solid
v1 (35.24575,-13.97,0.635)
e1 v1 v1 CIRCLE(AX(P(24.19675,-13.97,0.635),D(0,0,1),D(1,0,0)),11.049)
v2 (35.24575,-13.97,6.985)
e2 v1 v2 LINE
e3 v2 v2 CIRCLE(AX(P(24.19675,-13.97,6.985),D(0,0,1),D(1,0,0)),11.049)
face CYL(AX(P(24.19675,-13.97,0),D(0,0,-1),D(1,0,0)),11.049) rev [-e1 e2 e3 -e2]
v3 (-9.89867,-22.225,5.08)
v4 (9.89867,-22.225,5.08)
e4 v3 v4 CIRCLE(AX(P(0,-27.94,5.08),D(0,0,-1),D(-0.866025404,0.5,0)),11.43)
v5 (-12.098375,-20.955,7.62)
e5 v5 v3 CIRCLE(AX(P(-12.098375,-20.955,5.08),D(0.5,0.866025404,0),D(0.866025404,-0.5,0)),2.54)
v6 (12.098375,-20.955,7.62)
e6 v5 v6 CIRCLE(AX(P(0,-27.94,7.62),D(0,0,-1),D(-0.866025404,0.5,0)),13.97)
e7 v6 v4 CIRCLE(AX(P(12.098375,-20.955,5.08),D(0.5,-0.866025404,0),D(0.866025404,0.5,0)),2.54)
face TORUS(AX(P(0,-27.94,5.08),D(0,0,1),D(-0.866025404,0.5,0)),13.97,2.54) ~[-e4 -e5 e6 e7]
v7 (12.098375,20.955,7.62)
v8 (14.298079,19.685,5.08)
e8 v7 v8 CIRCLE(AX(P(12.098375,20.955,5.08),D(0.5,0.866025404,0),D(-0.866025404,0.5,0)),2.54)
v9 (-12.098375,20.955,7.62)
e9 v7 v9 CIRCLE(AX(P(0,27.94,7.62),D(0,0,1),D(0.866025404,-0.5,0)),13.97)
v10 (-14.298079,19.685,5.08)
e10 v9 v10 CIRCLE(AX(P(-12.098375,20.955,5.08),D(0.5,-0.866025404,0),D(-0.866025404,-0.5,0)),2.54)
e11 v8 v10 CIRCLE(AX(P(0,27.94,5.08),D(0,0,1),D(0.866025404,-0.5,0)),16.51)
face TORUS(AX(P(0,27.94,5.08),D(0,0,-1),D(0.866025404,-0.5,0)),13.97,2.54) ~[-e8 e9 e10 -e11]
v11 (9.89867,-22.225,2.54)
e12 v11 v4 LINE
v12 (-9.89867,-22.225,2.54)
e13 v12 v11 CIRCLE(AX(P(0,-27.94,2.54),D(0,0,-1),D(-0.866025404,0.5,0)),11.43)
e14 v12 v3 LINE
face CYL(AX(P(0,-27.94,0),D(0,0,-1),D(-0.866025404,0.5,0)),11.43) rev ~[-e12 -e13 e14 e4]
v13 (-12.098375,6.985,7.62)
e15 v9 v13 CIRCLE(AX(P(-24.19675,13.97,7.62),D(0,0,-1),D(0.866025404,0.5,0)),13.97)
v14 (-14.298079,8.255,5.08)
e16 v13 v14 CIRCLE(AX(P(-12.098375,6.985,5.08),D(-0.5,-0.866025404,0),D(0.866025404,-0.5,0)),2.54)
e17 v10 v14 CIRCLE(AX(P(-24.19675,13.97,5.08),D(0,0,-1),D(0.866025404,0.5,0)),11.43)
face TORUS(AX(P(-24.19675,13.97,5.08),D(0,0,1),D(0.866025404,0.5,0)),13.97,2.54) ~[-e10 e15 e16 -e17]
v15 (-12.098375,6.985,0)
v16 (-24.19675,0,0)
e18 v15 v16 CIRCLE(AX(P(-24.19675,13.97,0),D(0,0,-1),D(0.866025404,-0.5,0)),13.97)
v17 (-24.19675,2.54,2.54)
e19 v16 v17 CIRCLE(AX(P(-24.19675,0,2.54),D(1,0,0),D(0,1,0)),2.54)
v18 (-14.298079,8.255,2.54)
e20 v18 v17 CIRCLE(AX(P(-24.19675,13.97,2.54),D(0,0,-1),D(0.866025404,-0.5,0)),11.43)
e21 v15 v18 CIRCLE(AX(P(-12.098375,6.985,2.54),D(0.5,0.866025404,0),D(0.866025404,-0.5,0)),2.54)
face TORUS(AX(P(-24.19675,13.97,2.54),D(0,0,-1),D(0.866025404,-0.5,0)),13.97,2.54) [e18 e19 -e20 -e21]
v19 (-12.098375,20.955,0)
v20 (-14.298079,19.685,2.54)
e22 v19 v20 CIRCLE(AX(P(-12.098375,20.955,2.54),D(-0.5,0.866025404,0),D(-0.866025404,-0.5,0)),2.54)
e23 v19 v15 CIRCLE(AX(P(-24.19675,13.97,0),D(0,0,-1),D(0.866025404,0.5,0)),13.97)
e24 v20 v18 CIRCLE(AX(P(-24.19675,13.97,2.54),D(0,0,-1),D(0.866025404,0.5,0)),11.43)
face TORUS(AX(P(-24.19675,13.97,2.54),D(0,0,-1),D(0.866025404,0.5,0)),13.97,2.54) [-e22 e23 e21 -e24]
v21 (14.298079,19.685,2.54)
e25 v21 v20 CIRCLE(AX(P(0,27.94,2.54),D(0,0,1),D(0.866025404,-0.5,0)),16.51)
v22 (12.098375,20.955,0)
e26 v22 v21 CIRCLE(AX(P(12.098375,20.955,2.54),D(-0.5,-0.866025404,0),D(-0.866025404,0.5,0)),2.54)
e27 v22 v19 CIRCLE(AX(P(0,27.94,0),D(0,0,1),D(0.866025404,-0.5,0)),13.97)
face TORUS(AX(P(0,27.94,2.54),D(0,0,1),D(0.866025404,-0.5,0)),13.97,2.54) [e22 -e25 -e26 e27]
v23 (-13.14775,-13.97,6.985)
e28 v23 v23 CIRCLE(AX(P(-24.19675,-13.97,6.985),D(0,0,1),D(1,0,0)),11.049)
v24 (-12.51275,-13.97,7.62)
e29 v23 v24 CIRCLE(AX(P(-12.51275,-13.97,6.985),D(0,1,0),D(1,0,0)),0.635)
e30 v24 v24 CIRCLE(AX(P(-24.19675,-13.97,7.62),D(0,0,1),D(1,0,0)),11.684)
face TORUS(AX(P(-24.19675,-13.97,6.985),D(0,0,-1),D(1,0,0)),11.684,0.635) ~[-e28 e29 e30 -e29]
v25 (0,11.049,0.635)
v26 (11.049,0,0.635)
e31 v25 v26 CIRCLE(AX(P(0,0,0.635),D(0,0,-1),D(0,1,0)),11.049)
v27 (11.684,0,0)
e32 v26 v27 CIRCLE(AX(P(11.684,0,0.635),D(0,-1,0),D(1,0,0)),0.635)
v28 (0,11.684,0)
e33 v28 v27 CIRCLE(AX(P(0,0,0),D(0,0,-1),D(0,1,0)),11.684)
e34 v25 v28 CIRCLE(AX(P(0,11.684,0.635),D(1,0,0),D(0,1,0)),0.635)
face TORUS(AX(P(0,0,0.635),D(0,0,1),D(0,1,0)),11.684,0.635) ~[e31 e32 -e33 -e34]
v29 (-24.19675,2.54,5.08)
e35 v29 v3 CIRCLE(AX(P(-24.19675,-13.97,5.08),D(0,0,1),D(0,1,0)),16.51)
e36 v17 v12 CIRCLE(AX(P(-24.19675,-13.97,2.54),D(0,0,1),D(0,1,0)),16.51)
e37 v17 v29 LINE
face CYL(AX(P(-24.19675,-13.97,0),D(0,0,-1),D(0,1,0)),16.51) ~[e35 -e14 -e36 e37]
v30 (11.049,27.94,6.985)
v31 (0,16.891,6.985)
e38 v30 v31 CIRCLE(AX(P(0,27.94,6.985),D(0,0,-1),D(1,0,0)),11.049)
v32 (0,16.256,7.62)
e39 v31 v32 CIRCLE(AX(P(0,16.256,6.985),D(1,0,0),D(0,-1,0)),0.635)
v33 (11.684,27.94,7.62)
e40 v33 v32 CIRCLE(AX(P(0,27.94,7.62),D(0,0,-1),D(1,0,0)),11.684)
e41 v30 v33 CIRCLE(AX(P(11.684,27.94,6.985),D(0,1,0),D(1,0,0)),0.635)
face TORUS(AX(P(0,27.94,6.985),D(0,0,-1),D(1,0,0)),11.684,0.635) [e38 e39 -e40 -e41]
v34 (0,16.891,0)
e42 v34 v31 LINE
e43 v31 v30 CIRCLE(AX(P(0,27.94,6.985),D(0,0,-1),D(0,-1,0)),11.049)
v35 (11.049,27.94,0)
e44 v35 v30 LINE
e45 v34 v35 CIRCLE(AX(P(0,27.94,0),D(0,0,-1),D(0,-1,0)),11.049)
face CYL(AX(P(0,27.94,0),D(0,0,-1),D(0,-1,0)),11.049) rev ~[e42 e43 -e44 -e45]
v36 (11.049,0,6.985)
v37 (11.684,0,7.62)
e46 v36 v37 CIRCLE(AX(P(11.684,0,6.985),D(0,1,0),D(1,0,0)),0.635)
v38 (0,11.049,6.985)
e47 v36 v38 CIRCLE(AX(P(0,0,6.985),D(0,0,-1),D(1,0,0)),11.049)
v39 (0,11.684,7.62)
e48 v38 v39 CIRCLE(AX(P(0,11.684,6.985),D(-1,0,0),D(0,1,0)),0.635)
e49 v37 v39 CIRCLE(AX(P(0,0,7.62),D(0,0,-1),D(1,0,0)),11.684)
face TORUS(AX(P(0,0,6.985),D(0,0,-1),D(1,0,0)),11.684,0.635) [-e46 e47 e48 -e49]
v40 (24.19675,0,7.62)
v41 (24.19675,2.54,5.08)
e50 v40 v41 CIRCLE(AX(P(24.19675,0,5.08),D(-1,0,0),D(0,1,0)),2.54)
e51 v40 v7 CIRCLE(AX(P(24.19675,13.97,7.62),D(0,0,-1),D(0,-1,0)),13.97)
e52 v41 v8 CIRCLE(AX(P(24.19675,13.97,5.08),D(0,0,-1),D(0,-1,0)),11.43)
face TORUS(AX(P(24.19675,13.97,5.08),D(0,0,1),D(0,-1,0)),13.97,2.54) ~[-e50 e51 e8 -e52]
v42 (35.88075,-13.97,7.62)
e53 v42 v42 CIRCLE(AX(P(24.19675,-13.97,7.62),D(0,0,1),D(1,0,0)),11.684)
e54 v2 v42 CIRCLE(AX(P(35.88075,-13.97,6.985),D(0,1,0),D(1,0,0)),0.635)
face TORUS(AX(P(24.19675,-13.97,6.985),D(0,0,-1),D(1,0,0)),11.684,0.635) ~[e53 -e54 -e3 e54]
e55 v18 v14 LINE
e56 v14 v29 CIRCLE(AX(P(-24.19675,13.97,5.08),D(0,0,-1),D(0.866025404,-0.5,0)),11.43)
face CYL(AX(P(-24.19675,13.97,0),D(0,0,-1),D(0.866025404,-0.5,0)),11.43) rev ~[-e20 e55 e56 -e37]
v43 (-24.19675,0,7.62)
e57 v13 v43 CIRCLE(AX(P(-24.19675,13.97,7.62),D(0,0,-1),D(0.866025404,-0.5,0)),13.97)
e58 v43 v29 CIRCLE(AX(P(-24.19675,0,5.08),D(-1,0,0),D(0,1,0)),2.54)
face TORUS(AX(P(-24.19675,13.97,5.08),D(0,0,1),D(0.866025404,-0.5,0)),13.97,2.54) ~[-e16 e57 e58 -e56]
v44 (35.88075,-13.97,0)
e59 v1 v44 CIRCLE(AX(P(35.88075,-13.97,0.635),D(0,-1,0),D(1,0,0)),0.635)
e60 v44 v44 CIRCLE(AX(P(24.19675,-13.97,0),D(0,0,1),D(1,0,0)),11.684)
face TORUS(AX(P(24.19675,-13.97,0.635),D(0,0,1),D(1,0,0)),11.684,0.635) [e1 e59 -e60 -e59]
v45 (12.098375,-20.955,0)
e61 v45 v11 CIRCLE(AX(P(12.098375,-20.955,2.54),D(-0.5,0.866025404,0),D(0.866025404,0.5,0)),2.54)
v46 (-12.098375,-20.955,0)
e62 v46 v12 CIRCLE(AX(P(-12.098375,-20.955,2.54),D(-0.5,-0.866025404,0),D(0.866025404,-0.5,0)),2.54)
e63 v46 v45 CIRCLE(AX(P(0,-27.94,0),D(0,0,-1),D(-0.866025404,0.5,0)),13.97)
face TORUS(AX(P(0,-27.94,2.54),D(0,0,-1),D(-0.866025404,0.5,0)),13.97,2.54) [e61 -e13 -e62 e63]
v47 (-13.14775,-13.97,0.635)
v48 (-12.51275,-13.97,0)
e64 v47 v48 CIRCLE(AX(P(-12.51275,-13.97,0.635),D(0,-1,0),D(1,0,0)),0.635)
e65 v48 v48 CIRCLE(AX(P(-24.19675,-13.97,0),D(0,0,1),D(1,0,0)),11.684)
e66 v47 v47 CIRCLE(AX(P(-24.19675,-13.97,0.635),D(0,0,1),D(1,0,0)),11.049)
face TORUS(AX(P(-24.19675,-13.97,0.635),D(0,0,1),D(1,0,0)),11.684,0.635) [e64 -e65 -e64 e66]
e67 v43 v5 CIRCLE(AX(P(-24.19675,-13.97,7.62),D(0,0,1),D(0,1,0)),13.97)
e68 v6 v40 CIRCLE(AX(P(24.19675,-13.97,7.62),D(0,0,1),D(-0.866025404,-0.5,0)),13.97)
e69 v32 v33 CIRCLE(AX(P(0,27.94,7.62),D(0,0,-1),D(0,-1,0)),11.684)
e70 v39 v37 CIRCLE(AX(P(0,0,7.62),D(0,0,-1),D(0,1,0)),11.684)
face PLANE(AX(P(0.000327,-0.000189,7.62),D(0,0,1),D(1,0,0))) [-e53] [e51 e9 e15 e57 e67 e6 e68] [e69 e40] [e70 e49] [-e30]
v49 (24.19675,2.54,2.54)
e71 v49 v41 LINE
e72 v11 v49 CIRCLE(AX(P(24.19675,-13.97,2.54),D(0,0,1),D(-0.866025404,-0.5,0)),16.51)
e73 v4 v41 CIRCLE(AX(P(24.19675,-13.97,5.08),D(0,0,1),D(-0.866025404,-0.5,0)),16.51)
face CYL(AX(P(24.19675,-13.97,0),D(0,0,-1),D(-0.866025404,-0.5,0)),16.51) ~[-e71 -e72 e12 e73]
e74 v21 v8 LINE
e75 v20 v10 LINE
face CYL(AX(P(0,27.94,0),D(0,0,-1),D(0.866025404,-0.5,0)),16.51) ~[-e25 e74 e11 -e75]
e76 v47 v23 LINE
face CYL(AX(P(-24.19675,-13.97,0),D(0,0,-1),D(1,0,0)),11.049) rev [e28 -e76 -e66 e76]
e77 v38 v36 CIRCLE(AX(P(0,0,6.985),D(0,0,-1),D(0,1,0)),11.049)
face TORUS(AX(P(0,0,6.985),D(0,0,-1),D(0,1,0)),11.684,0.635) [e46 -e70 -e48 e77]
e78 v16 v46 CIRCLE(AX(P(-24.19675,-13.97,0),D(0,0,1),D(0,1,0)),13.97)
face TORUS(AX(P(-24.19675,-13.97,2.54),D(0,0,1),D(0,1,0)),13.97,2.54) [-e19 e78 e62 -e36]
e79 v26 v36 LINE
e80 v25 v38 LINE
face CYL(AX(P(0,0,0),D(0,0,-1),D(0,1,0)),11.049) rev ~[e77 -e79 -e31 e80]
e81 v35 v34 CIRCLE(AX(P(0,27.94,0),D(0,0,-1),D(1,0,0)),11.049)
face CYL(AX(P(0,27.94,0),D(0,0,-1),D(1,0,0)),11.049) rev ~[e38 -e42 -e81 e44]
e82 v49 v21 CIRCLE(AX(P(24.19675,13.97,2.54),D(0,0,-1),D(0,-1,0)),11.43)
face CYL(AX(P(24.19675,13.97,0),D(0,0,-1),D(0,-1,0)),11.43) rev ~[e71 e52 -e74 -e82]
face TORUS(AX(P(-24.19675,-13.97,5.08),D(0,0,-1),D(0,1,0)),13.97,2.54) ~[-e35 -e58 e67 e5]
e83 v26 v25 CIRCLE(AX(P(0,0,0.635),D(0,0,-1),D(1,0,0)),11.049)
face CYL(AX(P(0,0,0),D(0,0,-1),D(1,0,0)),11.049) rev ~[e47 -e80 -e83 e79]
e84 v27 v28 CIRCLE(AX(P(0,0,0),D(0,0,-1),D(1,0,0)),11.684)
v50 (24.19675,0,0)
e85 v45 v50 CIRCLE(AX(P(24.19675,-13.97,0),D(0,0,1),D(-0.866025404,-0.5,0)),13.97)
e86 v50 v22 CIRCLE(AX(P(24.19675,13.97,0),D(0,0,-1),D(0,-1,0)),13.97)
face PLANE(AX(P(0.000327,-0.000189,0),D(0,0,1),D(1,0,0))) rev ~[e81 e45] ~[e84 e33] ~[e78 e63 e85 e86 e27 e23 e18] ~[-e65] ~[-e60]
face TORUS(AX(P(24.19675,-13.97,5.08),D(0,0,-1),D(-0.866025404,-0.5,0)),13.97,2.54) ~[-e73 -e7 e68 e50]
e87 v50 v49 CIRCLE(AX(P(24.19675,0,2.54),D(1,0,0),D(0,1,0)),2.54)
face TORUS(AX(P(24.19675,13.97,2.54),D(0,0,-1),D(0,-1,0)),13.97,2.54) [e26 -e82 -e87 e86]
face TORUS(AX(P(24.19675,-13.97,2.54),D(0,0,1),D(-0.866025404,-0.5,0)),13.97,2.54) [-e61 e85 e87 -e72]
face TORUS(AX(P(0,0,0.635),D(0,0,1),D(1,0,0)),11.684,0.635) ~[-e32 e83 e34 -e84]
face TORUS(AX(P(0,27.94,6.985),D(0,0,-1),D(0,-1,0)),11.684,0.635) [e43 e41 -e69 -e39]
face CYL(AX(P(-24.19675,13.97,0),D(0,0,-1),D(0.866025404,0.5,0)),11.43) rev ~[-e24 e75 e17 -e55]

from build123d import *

# Parameters (mm, degrees)
F0_R     = 11.049
F1_DEPTH = 7.62
F2_R     = 0.635
F3_R     = 2.54


with BuildPart() as f1:
    # F0 (on Top) → F1 (new body)
    with BuildSketch(Plane.XY):
        with BuildLine():
            ThreePointArc((-14.2980794165, 19.685), (-12.7667497817, 13.97), (-14.2980794165, 8.255))
            ThreePointArc((-14.2980794165, 8.255), (-18.4817497817, 4.0713296347), (-24.1967497817, 2.54))
            ThreePointArc((-24.1967497817, 2.54), (-38.4948291982, -22.225), (-9.8986703653, -22.225))
            ThreePointArc((-9.8986703653, -22.225), (0, -16.51), (9.8986703653, -22.225))
            ThreePointArc((9.8986703653, -22.225), (38.4948291982, -22.225), (24.1967497817, 2.54))
            ThreePointArc((24.1967497817, 2.54), (14.2980794165, 8.255), (14.2980794165, 19.685))
            ThreePointArc((14.2980794165, 19.685), (0, 44.45), (-14.2980794165, 19.685))
        make_face()
        with Locations((-24.1967497817, -13.97)):
            Circle(F0_R, mode=Mode.SUBTRACT)
        with Locations((24.1967497817, -13.97)):
            Circle(F0_R, mode=Mode.SUBTRACT)
        with BuildLine():
            ThreePointArc((0, 11.049), (7.8128228253, 7.8128228253), (11.049, 0))
            ThreePointArc((11.049, 0), (-2.8596916293, -10.6725144547), (-9.5687146864, 5.5245))
            ThreePointArc((-9.5687146864, 5.5245), (-5.5245, 9.5687146864), (0, 11.049))
        make_face(mode=Mode.SUBTRACT)
        with BuildLine():
            ThreePointArc((11.049, 27.94), (7.8128228253, 20.1271771747), (0, 16.891))
            ThreePointArc((0, 16.891), (-7.8128228253, 35.7528228253), (11.049, 27.94))
        make_face(mode=Mode.SUBTRACT)
    extrude(amount=F1_DEPTH)

    # F2
    f2_edges = [f1.edges().sort_by_distance(p)[0] for p in [
        (9.568715, -5.5245, 7.62),
        (9.568715, -5.5245, 0),
        (13.14775, -13.97, 0),
        (-35.24575, -13.97, 0),
        (-35.24575, -13.97, 7.62),
        (13.14775, -13.97, 7.62),
        (-11.049, 27.94, 7.62),
    ]]
    fillet(f2_edges, radius=F2_R)

    # F3
    f3_edges = [f1.edges().sort_by_distance(p)[0] for p in [
        (-38.494829, -22.225, 7.62),
        (-38.494829, -22.225, 0),
    ]]
    fillet(f3_edges, radius=F3_R)


solid = f1.part
